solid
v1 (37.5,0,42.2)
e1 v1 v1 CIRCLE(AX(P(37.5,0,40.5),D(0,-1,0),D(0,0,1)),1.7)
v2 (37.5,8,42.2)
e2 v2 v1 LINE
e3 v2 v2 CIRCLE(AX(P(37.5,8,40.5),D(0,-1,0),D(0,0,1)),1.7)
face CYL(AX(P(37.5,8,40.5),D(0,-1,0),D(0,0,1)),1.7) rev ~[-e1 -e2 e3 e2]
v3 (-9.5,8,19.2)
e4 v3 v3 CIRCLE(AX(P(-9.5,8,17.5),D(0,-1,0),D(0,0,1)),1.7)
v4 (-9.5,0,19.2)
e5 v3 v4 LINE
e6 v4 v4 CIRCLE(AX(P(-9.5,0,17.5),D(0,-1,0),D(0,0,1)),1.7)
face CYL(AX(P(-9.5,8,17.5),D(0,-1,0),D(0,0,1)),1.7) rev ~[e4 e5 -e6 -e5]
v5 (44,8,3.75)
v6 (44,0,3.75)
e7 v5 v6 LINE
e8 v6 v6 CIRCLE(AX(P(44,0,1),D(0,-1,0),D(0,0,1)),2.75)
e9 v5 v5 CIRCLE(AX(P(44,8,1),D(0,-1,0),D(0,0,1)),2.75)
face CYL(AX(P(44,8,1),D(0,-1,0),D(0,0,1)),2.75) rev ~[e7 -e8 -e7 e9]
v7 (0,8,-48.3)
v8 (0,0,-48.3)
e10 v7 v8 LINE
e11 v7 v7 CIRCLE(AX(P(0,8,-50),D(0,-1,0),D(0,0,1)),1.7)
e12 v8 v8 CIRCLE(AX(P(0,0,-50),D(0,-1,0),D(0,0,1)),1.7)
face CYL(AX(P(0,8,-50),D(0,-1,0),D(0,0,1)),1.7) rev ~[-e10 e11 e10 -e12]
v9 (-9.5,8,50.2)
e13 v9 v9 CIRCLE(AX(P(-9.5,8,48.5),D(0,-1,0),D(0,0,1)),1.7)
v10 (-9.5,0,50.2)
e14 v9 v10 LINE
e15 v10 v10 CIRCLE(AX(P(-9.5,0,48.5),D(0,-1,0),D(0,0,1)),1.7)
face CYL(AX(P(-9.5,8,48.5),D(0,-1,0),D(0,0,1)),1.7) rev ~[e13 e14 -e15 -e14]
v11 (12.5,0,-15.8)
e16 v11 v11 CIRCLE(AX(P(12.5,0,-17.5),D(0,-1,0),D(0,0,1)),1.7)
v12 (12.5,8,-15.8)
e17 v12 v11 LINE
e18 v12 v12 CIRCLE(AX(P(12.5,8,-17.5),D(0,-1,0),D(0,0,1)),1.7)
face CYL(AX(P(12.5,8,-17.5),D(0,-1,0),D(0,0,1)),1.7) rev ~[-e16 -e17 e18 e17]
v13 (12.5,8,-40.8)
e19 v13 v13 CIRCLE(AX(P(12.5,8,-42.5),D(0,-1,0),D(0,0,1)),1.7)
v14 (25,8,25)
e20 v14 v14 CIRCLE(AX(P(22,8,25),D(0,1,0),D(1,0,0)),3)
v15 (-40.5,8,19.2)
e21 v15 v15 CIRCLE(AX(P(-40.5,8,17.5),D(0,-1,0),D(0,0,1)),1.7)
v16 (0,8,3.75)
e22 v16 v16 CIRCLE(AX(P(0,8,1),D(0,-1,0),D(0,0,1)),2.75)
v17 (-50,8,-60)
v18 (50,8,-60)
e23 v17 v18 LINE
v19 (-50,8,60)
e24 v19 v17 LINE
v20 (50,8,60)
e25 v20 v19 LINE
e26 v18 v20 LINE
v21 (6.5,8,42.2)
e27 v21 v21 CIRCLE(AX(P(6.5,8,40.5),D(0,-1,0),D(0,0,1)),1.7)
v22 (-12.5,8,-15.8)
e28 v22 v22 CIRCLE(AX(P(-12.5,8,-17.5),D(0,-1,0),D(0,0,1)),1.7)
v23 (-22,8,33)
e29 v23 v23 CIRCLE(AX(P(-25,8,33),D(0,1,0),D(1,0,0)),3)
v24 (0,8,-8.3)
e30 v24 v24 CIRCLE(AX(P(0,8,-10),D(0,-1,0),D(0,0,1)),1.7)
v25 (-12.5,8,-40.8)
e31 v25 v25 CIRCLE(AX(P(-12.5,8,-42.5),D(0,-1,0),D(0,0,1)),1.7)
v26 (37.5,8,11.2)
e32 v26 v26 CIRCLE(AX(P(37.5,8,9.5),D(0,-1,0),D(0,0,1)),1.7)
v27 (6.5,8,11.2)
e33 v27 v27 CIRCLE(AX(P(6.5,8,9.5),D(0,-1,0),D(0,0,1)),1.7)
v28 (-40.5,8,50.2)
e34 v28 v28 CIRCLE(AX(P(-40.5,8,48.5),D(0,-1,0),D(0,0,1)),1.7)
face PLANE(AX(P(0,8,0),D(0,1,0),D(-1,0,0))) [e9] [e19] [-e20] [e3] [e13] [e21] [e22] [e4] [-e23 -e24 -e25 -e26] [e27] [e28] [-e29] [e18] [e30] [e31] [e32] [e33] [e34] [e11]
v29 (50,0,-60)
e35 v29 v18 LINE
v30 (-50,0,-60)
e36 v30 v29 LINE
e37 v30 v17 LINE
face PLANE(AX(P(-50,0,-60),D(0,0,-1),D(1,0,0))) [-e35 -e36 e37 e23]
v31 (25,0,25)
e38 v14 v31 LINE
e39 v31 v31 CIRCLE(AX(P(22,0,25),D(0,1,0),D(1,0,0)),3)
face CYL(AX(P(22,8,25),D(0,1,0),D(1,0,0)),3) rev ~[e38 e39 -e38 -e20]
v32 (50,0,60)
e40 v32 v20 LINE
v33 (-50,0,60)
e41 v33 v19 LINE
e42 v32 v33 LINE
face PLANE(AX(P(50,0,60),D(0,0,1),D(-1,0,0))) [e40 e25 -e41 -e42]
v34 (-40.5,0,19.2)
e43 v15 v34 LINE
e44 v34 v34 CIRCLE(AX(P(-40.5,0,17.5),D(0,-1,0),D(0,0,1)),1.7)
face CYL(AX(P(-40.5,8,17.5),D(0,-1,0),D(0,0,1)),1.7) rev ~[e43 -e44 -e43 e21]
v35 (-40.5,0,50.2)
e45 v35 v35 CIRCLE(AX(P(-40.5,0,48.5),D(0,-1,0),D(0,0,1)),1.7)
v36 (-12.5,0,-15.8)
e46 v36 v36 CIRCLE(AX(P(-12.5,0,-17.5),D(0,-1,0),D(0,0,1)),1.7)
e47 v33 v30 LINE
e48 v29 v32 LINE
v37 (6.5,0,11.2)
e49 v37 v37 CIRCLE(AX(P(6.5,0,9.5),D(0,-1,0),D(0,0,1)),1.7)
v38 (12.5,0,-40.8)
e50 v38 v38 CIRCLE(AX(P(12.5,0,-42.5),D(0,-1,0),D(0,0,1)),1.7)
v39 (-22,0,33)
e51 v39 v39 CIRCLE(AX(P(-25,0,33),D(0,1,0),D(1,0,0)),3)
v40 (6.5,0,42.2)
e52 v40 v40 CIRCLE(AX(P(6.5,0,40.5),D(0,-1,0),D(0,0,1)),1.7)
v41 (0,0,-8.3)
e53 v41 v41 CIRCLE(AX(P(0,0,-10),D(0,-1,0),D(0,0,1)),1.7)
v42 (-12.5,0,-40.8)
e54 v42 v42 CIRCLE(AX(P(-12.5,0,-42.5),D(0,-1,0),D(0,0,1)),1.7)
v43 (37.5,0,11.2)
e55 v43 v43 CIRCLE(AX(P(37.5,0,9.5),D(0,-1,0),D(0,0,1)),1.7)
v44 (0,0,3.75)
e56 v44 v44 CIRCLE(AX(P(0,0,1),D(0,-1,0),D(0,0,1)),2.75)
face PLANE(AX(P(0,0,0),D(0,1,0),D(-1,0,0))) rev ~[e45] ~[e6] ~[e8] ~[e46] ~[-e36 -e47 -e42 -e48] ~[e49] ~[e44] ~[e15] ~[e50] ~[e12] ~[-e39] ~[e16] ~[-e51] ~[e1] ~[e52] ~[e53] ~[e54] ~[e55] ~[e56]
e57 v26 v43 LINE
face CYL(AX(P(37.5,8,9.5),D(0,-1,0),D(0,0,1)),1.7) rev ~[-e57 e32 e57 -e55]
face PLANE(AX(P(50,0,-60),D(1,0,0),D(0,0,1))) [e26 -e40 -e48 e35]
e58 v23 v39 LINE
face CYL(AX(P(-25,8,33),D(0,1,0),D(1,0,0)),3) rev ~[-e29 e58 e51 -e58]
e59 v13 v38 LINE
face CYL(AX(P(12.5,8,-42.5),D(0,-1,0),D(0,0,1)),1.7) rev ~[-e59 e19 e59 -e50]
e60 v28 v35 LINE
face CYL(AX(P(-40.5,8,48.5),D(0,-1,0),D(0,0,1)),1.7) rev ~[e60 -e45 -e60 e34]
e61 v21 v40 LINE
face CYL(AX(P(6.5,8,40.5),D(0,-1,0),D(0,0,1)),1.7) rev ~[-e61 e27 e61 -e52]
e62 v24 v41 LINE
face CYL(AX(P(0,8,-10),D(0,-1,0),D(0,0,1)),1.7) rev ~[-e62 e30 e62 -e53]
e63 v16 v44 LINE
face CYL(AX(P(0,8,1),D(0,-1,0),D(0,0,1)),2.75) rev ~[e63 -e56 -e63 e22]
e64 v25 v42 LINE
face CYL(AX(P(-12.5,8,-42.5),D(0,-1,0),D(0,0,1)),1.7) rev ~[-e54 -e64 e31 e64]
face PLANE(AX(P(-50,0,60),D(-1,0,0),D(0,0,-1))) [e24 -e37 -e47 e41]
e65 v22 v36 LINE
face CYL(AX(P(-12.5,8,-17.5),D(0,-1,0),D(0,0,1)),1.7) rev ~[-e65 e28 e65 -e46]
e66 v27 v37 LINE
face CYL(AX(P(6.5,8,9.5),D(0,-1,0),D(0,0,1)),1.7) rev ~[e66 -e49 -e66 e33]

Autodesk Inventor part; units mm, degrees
ref_plane "YZ Plane" through (0, 0, 0) normal (1, 0, 0) x (0, 1, 0)
ref_plane "XZ Plane" through (0, 0, 0) normal (0, 1, 0) x (-1, 0, 0)
ref_plane "XY Plane" through (0, 0, 0) normal (0, 0, 1) x (1, 0, 0)
sketch "Skizze1" plane through (0, 0, 0) normal (0, 1, 0) x (-1, 0, 0)
  line L0 (50, -60) -> (-50, -60)
  line L1 (-50, -60) -> (-50, 60)
  line L2 (-50, 60) -> (50, 60)
  line L3 (50, 60) -> (50, -60)
  line L4 (50, -60) -> (-50, 60) construction
  line L5 (-50, -60) -> (50, 60) construction
  point P0 (0, 0)
  dimension "d0" = 100
  dimension "d1" = 120
extrude "Extrusion1" add sketch "Skizze1" along normal blind 8
sketch "Skizze2" plane through (0, 8, 0) normal (0, 1, 0) x (1, 0, 0)
  line L0 (-50, -60) -> (50, -60) projected
  line L1 (0, -60) -> (0, 152.9688)
  line L2 (50, 60) -> (-50, 60) projected
  point P0 (0, 0)
  point P1 (0, 10)
  point P2 (0, 50)
  dimension "d4" = 40
  dimension "d5" = 10
hole "Rail_through_holes" at (0, 8, -10) at (0, 8, -50) direction (0, -1, 0) diameter 3.4 end through all clearance for "Inbusschraube ISO 4762" size "M3" standard "ISO"
sketch "Skizze3" plane through (0, 8, 0) normal (0, 1, 0) x (1, 0, 0)
  line L0 (-50, -60) -> (50, -60) projected
  line L1 (0, -60) -> (0, 60)
  line L2 (50, 60) -> (-50, 60) projected
  line L3 (12.5, 17.5) -> (-12.5, 17.5) construction
  line L4 (-12.5, 17.5) -> (-12.5, 42.5) construction
  line L5 (-12.5, 42.5) -> (12.5, 42.5) construction
  line L6 (12.5, 42.5) -> (12.5, 17.5) construction
  line L7 (12.5, 17.5) -> (-12.5, 42.5) construction
  line L8 (-12.5, 17.5) -> (12.5, 42.5) construction
  circle A0 centre (0, 50) radius 1.7 construction
  point P0 (0, 0)
  point P1 (0, 30)
  point P2 (0, 30)
  dimension "d13" = 25
  dimension "d14" = 25
  dimension "d15" = 20
hole "Slide_through_holes" at (-12.5, 8, -17.5) at (-12.5, 8, -42.5) at (12.5, 8, -42.5) at (12.5, 8, -17.5) direction (0, -1, 0) diameter 3.4 end through all clearance for "Inbusschraube ISO 4762" size "M3" standard "ISO"
sketch "Skizze4" plane through (0, 8, 0) normal (0, 1, 0) x (1, 0, 0)
  line L0 (-50, -60) -> (50, -60) projected
  line L1 (0, -60) -> (0, 74.7934)
  line L2 (-25, -60) -> (-25, 181.0187) construction
  line L3 (-9.5, -48.5) -> (-40.5, -48.5) construction
  line L4 (-40.5, -48.5) -> (-40.5, -17.5) construction
  line L5 (-40.5, -17.5) -> (-9.5, -17.5) construction
  line L6 (-9.5, -17.5) -> (-9.5, -48.5) construction
  line L7 (-9.5, -48.5) -> (-40.5, -17.5) construction
  line L8 (-40.5, -48.5) -> (-9.5, -17.5) construction
  line L9 (50, 60) -> (-50, 60) construction
  circle A0 centre (-25, -33) radius 3
  point P0 (0, 0)
  point P1 (-25, -33)
  dimension "d23" = 25
  dimension "d24" = 31
  dimension "d25" = 31
  dimension "d26" = 93
  dimension "d60" = 6
hole "Nema_X_through_holes" at (-40.5, 8, 48.5) at (-40.5, 8, 17.5) at (-9.5, 8, 17.5) at (-9.5, 8, 48.5) direction (0, -1, 0) diameter 3.4 end through all clearance for "Inbusschraube ISO 4762" size "M3" standard "ISO"
extrude "Nema_X_Shaft" cut sketch "Skizze4" against normal through all
sketch "Skizze5" plane through (0, 8, 0) normal (0, 1, 0) x (1, 0, 0)
  line L0 (-50, -60) -> (50, -60) projected
  line L1 (0, -60) -> (0, 63.3778)
  line L2 (22, -60) -> (22, 63.3778) construction
  line L3 (37.5, -40.5) -> (6.5, -40.5) construction
  line L4 (6.5, -40.5) -> (6.5, -9.5) construction
  line L5 (6.5, -9.5) -> (37.5, -9.5) construction
  line L6 (37.5, -9.5) -> (37.5, -40.5) construction
  line L7 (37.5, -40.5) -> (6.5, -9.5) construction
  line L8 (6.5, -40.5) -> (37.5, -9.5) construction
  circle A0 centre (22, -25) radius 3
  line L9 (50, 60) -> (-50, 60) projected
  line L10 (0, 88.0534) -> (0, -84.6756) projected
  point P0 (0, 0)
  point P1 (4.5, 5)
  point P2 (39.5, 5)
  point P3 (22, -25)
  dimension "d34" = 22
  dimension "d35" = 31
  dimension "d36" = 31
  dimension "d47" = 85
  dimension "d48" = 35
  dimension "d49" = 30
  dimension "d59" = 6
hole "Nema_Y_through_holes" at (6.5, 8, 40.5) at (6.5, 8, 9.5) at (37.5, 8, 9.5) at (37.5, 8, 40.5) direction (0, -1, 0) diameter 3.4 end through all clearance for "Inbusschraube ISO 4762" size "M3" standard "ISO"
extrude "Nema_Y_Shaft" cut sketch "Skizze5" against normal through all
sketch "Skizze6" plane through (0, 8, 0) normal (0, 1, 0) x (1, 0, 0)
  circle A0 centre (22, -25) radius 3 construction
  line L0 (22, -25) -> (22, 60.1123) construction
  line L1 (0, 84) -> (0, -84) construction
  point P0 (0, 0)
  point P1 (0, -1)
  point P2 (44, -1)
  dimension "d50" = 44
  dimension "d51" = 24
hole "Y_Pulley_Shafts" at (0, 8, 1) at (44, 8, 1) direction (0, -1, 0) diameter 5.5 end through all clearance for "Inbusschraube ISO 4762" size "M5" standard "ISO"
properties part number "14_XY_Plate" material "Aluminium 6061"
